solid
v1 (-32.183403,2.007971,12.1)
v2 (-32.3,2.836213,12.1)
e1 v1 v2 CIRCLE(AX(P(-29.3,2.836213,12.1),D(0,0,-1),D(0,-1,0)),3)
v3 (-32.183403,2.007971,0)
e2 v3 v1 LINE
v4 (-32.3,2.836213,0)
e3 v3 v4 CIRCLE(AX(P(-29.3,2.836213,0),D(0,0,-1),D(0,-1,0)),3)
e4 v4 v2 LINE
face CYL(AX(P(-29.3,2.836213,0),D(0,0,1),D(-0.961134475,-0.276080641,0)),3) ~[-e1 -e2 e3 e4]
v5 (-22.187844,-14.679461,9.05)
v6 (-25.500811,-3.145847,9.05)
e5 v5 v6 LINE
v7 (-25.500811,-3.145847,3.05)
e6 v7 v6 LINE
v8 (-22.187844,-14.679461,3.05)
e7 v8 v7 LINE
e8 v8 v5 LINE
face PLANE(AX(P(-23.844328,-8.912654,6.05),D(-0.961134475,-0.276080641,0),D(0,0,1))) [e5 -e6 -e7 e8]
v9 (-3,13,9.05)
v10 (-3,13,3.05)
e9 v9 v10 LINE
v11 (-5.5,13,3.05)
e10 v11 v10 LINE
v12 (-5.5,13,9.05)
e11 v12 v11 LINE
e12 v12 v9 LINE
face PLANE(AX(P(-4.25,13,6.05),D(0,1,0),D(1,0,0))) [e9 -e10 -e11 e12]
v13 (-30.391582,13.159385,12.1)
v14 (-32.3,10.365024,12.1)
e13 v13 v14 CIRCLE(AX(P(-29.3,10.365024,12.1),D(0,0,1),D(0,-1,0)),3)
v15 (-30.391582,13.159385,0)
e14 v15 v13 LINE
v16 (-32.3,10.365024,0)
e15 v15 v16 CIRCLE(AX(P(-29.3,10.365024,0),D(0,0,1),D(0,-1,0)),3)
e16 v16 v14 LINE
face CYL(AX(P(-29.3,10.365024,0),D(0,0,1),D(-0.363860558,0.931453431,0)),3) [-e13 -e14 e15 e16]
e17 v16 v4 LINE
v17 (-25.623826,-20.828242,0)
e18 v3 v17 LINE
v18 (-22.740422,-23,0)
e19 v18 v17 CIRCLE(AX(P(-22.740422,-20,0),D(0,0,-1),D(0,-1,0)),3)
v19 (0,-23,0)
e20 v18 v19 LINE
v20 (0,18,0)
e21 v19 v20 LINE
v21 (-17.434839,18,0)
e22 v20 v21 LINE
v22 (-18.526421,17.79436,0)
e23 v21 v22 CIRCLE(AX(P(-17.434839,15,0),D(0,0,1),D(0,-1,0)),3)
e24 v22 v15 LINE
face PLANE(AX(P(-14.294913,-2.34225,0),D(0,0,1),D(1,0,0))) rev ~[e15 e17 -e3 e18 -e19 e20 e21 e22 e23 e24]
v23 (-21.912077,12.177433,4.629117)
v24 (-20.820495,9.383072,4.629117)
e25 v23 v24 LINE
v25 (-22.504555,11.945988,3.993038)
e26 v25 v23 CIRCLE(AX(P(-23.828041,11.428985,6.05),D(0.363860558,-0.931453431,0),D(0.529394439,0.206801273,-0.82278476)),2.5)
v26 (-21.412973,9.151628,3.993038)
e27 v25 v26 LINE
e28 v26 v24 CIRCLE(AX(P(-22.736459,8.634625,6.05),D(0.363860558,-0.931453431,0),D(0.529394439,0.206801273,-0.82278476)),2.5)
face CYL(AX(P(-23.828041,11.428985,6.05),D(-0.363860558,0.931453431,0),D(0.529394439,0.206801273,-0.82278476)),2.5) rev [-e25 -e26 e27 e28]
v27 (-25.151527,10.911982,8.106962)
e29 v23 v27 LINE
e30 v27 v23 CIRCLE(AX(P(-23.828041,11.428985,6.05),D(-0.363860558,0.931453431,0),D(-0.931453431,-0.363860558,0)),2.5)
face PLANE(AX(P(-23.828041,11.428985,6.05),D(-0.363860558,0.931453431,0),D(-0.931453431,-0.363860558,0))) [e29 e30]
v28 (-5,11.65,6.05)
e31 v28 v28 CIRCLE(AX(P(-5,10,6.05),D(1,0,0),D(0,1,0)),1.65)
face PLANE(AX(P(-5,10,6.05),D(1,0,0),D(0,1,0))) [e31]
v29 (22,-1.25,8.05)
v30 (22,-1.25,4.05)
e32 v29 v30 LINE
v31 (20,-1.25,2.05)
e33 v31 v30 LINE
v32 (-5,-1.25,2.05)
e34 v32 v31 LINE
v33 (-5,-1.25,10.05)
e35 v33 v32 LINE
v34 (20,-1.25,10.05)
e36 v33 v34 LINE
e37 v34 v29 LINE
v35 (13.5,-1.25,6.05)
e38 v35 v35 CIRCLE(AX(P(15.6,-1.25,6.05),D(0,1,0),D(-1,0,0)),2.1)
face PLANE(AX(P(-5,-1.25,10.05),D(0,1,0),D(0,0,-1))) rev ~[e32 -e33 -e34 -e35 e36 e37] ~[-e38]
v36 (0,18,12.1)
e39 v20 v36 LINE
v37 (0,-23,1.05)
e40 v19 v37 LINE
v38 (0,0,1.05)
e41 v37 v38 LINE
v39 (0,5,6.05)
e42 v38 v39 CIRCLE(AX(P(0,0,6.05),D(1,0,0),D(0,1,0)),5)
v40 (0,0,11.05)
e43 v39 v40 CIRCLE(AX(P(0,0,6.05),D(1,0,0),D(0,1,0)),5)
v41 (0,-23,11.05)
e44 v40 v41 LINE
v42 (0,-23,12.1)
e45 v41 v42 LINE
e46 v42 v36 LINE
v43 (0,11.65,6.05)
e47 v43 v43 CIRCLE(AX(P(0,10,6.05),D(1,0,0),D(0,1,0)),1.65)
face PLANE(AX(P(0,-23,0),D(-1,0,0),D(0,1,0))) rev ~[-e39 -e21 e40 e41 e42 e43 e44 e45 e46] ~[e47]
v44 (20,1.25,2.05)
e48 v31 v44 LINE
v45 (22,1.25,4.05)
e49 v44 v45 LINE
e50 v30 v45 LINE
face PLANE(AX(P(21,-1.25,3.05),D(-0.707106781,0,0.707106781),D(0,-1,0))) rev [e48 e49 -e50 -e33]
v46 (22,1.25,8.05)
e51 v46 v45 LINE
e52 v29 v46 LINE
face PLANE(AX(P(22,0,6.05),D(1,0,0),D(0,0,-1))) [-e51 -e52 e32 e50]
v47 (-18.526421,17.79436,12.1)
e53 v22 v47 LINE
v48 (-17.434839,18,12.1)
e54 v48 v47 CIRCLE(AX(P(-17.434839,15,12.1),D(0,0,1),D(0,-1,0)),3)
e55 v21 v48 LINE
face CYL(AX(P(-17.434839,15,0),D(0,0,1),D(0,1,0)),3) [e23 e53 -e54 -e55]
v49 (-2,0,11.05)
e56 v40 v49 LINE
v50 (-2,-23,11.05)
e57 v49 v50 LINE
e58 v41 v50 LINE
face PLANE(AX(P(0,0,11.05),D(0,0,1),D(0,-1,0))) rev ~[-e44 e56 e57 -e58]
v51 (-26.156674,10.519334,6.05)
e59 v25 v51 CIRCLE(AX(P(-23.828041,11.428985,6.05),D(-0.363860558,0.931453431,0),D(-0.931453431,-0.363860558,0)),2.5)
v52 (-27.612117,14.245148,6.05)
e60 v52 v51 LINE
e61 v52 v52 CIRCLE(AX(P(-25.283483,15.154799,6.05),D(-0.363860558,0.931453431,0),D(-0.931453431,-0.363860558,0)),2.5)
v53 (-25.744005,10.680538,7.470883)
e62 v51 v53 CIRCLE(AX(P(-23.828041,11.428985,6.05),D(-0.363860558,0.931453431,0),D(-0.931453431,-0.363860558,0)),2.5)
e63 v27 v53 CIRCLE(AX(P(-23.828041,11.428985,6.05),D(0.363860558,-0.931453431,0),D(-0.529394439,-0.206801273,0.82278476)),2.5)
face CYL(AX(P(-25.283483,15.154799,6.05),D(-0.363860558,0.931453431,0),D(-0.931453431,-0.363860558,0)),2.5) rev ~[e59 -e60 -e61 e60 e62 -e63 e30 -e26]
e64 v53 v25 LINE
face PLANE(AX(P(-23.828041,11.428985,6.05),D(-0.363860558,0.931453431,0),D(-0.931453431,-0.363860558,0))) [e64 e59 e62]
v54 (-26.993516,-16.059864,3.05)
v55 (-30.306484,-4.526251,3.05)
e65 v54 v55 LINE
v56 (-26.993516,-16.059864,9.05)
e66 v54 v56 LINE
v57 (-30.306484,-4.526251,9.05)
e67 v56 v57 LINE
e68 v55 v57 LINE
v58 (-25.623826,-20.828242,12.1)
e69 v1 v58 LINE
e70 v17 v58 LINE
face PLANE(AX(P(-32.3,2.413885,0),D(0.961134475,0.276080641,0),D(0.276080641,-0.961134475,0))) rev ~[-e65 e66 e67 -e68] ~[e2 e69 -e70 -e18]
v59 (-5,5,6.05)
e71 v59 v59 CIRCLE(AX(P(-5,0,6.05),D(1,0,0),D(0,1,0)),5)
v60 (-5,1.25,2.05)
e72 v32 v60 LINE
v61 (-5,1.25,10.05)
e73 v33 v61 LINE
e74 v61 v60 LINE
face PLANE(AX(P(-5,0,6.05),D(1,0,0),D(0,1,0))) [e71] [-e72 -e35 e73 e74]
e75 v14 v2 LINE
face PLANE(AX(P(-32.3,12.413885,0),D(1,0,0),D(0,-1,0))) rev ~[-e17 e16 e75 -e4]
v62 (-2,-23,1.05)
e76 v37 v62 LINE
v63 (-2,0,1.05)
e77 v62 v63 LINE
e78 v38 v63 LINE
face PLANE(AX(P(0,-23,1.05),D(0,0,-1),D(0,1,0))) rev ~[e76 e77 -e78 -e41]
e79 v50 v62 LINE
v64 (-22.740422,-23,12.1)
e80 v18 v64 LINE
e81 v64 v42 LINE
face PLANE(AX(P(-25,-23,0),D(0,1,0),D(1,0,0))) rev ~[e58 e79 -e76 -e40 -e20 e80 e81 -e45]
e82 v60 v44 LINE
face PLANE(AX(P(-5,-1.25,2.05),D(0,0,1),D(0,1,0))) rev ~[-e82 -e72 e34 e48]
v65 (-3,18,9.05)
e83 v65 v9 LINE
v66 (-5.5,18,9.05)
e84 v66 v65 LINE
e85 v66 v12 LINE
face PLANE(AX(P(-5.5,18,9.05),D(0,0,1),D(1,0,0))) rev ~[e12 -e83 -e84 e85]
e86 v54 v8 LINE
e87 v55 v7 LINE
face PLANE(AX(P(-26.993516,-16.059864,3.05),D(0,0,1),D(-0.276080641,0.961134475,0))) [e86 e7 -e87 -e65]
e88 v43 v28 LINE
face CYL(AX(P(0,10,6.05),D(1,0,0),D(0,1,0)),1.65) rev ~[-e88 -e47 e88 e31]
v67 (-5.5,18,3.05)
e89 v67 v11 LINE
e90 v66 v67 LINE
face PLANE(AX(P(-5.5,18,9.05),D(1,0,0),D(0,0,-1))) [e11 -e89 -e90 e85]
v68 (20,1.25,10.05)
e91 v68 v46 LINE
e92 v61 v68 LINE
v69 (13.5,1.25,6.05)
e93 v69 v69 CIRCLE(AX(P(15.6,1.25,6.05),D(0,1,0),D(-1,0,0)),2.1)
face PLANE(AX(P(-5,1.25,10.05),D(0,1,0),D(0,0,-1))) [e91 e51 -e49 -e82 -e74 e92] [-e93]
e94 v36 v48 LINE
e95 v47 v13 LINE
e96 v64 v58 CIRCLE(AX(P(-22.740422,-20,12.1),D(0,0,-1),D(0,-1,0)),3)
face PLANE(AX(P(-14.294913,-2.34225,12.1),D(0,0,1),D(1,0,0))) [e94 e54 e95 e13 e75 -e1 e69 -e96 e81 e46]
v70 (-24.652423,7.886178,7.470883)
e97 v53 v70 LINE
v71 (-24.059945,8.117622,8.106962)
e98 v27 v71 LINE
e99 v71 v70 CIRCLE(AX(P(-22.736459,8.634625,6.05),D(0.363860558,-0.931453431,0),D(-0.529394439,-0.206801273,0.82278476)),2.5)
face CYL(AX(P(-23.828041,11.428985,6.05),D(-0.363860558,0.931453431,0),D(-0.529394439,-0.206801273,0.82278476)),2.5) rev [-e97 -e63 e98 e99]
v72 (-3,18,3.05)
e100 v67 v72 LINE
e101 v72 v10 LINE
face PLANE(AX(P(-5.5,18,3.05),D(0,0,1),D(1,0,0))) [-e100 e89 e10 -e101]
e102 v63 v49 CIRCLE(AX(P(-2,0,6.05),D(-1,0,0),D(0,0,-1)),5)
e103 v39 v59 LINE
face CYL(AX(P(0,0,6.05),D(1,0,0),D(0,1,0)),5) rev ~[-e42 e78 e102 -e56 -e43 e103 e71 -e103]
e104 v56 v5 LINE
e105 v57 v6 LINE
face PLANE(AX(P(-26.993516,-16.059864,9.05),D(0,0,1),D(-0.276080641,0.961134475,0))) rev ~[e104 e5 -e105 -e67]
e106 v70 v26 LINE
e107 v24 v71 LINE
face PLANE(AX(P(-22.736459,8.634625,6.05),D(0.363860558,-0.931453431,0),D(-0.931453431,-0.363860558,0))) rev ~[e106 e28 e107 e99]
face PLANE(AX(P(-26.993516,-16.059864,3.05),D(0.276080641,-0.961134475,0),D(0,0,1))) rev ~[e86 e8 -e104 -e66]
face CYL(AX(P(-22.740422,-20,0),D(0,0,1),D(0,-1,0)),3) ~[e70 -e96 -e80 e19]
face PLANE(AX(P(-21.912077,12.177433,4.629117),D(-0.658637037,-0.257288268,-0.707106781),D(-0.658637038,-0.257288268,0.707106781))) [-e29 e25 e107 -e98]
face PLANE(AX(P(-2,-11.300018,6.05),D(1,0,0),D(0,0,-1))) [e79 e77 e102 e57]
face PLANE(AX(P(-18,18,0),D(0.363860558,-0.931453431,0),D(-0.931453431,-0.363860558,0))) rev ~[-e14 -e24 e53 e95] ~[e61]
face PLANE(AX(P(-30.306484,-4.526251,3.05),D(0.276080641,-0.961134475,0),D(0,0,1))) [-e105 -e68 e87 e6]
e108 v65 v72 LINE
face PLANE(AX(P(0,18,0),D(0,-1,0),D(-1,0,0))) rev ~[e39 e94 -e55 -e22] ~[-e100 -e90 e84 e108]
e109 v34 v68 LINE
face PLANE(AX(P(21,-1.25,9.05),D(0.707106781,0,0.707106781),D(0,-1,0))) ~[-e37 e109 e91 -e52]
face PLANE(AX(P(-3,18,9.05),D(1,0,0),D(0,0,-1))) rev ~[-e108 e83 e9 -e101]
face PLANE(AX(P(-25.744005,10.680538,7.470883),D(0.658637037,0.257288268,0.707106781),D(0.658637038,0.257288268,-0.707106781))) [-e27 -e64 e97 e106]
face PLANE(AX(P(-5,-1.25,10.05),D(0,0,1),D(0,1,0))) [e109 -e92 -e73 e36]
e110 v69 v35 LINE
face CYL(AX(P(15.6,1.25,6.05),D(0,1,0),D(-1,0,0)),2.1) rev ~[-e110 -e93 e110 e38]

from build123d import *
from build123d.topology import SkipClean

# Parameters (mm, degrees)
EXTRUDE_1_DEPTH     = 12.1
SKETCH_2_W          = 2.5
SKETCH_2_H          = 6
CUT_EXTRUDE_1_DEPTH = 5
SKETCH_3_R          = 2.5
CUT_EXTRUDE_2_DEPTH = 4
CUT_EXTRUDE_3_DEPTH = 3
SKETCH_5_W          = 6
SKETCH_5_H          = 12
CUT_EXTRUDE_4_DEPTH = 5
FILLET_1_R          = 3
SKETCH_6_R          = 5
SKETCH_6_R_2        = 1.65
CUT_EXTRUDE_5_DEPTH = 5
SKETCH_7_W          = 8
SKETCH_7_H          = 2.5
EXTRUDE_2_DEPTH     = 27
SKETCH_8_R          = 2.1
CUT_EXTRUDE_6_DEPTH = 30
CHAMFER_1_SIZE      = 2
CUT_EXTRUDE_7_DEPTH = 2


with BuildPart() as part:
    # Эскиз1 → Вытянуть1 (new body)
    with BuildSketch(Plane.XY):
        Polygon((0, -23), (0, 18), (-18, 18), (-32.3, 12.413885007), (-32.3, 2.413885007), (-25, -23), align=None)
    extrude(amount=EXTRUDE_1_DEPTH)

    # Эскиз2 → Вырез-Вытянуть1 (cut)
    with BuildSketch(Plane(origin=(0, 18, 0), x_dir=(1, 0, 0), z_dir=(0, 1, 0))):
        with Locations((-4.25, -6.05)):
            Rectangle(SKETCH_2_W, SKETCH_2_H)
    extrude(amount=-CUT_EXTRUDE_1_DEPTH, mode=Mode.SUBTRACT)

    # Эскиз3 → Вырез-Вытянуть2 (cut)
    with BuildSketch(Plane(origin=(-8.483646071, 21.717443871, 0), x_dir=(0.9314534311844429, 0.3638605578167664, 0), z_dir=(-0.3638605578167664, 0.931453431184443, 0))):
        with Locations(Location((-18.036153415, -6.05, 0), (0, 0, 180))):
            Circle(SKETCH_3_R)
    extrude(amount=-CUT_EXTRUDE_2_DEPTH, mode=Mode.SUBTRACT)

    # Эскиз4 → Вырез-Вытянуть3 (cut)
    with SkipClean():  # the faces are left unmerged after this step: merging them gives an invalid solid
        with BuildSketch(Plane(origin=(-7.028203839, 17.991630147, 0), x_dir=(0.9314534311844429, 0.3638605578167665, 0), z_dir=(-0.36386055781676646, 0.9314534311844428, 0))):
            with BuildLine():
                Line((-20.093115316, -7.470882731), (-16.615270683, -3.993038099))
                ThreePointArc((-16.615270683, -3.993038099), (-16.268386462, -4.282233047), (-15.979191513, -4.629117269))
                Line((-15.979191513, -4.629117269), (-19.457036146, -8.106961901))
                ThreePointArc((-19.457036146, -8.106961901), (-19.803920367, -7.817766953), (-20.093115316, -7.470882731))
            make_face()
        extrude(amount=-CUT_EXTRUDE_3_DEPTH, mode=Mode.SUBTRACT)

    # Эскиз5 → Вырез-Вытянуть4 (cut)
    with SkipClean():  # the faces are left unmerged after this step: merging them gives an invalid solid
        with BuildSketch(Plane(origin=(-29.1975513, -8.386837527, 0), x_dir=(0, 0, 1), z_dir=(-0.9611344752582023, -0.27608064124480053, 0))):
            with Locations((6.05, -1.983302044)):
                Rectangle(SKETCH_5_W, SKETCH_5_H)
        extrude(amount=-CUT_EXTRUDE_4_DEPTH, mode=Mode.SUBTRACT)

    # Скругление1
    fillet_1_edges = [part.edges().sort_by_distance(p)[0] for p in [
        (-32.3, 12.413885007, 6.05),
        (-18, 18, 6.05),
        (-25, -23, 6.05),
        (-32.3, 2.413885007, 6.05),
    ]]
    fillet(fillet_1_edges, radius=FILLET_1_R)

    # Эскиз6 → Вырез-Вытянуть5 (cut)
    with SkipClean():  # the faces are left unmerged after this step: merging them gives an invalid solid
        with BuildSketch(Plane(origin=(0, 0, 0), x_dir=(0, 0, -1), z_dir=(1, 0, 0))):
            with Locations(Location((-6.05, 0, 0), (0, 0, 90))):
                Circle(SKETCH_6_R)
            with Locations(Location((-6.05, 10, 0), (0, 0, 90))):
                Circle(SKETCH_6_R_2)
        extrude(amount=-CUT_EXTRUDE_5_DEPTH, mode=Mode.SUBTRACT)

    # Эскиз7 → Вытянуть2 (add)
    with SkipClean():  # the faces are left unmerged after this step: merging them gives an invalid solid
        with BuildSketch(Plane(origin=(-5, 0, 0), x_dir=(0, 0, -1), z_dir=(1, 0, 0))):
            with Locations((-6.05, 0)):
                Rectangle(SKETCH_7_W, SKETCH_7_H)
        extrude(amount=EXTRUDE_2_DEPTH)

    # Эскиз8 → Вырез-Вытянуть6 (cut)
    with SkipClean():  # the faces are left unmerged after this step: merging them gives an invalid solid
        with BuildSketch(Plane(origin=(0, 1.25, 0), x_dir=(1, 0, 0), z_dir=(0, 1, 0))):
            with Locations(Location((15.6, -6.05, 0), (0, 0, 180))):
                Circle(SKETCH_8_R)
        extrude(amount=-CUT_EXTRUDE_6_DEPTH, mode=Mode.SUBTRACT)

    # Фаска1
    chamfer_1_edges = [part.edges().sort_by_distance(p)[0] for p in [
        (22, 0, 10.05),
        (22, 0, 2.05),
    ]]
    chamfer(chamfer_1_edges, length=CHAMFER_1_SIZE)

    # Эскиз9 → Вырез-Вытянуть7 (cut)
    with SkipClean():  # the faces are left unmerged after this step: merging them gives an invalid solid
        with BuildSketch(Plane(origin=(0, 0, 0), x_dir=(0, 0, -1), z_dir=(1, 0, 0))):
            with BuildLine():
                Line((-11.05, -23), (-1.05, -23))
                Line((-1.05, -23), (-1.05, 0))
                ThreePointArc((-1.05, 0), (-6.05, -5), (-11.05, 0))
                Line((-11.05, 0), (-11.05, -23))
            make_face()
        extrude(amount=-CUT_EXTRUDE_7_DEPTH, mode=Mode.SUBTRACT)


solid = part.part
